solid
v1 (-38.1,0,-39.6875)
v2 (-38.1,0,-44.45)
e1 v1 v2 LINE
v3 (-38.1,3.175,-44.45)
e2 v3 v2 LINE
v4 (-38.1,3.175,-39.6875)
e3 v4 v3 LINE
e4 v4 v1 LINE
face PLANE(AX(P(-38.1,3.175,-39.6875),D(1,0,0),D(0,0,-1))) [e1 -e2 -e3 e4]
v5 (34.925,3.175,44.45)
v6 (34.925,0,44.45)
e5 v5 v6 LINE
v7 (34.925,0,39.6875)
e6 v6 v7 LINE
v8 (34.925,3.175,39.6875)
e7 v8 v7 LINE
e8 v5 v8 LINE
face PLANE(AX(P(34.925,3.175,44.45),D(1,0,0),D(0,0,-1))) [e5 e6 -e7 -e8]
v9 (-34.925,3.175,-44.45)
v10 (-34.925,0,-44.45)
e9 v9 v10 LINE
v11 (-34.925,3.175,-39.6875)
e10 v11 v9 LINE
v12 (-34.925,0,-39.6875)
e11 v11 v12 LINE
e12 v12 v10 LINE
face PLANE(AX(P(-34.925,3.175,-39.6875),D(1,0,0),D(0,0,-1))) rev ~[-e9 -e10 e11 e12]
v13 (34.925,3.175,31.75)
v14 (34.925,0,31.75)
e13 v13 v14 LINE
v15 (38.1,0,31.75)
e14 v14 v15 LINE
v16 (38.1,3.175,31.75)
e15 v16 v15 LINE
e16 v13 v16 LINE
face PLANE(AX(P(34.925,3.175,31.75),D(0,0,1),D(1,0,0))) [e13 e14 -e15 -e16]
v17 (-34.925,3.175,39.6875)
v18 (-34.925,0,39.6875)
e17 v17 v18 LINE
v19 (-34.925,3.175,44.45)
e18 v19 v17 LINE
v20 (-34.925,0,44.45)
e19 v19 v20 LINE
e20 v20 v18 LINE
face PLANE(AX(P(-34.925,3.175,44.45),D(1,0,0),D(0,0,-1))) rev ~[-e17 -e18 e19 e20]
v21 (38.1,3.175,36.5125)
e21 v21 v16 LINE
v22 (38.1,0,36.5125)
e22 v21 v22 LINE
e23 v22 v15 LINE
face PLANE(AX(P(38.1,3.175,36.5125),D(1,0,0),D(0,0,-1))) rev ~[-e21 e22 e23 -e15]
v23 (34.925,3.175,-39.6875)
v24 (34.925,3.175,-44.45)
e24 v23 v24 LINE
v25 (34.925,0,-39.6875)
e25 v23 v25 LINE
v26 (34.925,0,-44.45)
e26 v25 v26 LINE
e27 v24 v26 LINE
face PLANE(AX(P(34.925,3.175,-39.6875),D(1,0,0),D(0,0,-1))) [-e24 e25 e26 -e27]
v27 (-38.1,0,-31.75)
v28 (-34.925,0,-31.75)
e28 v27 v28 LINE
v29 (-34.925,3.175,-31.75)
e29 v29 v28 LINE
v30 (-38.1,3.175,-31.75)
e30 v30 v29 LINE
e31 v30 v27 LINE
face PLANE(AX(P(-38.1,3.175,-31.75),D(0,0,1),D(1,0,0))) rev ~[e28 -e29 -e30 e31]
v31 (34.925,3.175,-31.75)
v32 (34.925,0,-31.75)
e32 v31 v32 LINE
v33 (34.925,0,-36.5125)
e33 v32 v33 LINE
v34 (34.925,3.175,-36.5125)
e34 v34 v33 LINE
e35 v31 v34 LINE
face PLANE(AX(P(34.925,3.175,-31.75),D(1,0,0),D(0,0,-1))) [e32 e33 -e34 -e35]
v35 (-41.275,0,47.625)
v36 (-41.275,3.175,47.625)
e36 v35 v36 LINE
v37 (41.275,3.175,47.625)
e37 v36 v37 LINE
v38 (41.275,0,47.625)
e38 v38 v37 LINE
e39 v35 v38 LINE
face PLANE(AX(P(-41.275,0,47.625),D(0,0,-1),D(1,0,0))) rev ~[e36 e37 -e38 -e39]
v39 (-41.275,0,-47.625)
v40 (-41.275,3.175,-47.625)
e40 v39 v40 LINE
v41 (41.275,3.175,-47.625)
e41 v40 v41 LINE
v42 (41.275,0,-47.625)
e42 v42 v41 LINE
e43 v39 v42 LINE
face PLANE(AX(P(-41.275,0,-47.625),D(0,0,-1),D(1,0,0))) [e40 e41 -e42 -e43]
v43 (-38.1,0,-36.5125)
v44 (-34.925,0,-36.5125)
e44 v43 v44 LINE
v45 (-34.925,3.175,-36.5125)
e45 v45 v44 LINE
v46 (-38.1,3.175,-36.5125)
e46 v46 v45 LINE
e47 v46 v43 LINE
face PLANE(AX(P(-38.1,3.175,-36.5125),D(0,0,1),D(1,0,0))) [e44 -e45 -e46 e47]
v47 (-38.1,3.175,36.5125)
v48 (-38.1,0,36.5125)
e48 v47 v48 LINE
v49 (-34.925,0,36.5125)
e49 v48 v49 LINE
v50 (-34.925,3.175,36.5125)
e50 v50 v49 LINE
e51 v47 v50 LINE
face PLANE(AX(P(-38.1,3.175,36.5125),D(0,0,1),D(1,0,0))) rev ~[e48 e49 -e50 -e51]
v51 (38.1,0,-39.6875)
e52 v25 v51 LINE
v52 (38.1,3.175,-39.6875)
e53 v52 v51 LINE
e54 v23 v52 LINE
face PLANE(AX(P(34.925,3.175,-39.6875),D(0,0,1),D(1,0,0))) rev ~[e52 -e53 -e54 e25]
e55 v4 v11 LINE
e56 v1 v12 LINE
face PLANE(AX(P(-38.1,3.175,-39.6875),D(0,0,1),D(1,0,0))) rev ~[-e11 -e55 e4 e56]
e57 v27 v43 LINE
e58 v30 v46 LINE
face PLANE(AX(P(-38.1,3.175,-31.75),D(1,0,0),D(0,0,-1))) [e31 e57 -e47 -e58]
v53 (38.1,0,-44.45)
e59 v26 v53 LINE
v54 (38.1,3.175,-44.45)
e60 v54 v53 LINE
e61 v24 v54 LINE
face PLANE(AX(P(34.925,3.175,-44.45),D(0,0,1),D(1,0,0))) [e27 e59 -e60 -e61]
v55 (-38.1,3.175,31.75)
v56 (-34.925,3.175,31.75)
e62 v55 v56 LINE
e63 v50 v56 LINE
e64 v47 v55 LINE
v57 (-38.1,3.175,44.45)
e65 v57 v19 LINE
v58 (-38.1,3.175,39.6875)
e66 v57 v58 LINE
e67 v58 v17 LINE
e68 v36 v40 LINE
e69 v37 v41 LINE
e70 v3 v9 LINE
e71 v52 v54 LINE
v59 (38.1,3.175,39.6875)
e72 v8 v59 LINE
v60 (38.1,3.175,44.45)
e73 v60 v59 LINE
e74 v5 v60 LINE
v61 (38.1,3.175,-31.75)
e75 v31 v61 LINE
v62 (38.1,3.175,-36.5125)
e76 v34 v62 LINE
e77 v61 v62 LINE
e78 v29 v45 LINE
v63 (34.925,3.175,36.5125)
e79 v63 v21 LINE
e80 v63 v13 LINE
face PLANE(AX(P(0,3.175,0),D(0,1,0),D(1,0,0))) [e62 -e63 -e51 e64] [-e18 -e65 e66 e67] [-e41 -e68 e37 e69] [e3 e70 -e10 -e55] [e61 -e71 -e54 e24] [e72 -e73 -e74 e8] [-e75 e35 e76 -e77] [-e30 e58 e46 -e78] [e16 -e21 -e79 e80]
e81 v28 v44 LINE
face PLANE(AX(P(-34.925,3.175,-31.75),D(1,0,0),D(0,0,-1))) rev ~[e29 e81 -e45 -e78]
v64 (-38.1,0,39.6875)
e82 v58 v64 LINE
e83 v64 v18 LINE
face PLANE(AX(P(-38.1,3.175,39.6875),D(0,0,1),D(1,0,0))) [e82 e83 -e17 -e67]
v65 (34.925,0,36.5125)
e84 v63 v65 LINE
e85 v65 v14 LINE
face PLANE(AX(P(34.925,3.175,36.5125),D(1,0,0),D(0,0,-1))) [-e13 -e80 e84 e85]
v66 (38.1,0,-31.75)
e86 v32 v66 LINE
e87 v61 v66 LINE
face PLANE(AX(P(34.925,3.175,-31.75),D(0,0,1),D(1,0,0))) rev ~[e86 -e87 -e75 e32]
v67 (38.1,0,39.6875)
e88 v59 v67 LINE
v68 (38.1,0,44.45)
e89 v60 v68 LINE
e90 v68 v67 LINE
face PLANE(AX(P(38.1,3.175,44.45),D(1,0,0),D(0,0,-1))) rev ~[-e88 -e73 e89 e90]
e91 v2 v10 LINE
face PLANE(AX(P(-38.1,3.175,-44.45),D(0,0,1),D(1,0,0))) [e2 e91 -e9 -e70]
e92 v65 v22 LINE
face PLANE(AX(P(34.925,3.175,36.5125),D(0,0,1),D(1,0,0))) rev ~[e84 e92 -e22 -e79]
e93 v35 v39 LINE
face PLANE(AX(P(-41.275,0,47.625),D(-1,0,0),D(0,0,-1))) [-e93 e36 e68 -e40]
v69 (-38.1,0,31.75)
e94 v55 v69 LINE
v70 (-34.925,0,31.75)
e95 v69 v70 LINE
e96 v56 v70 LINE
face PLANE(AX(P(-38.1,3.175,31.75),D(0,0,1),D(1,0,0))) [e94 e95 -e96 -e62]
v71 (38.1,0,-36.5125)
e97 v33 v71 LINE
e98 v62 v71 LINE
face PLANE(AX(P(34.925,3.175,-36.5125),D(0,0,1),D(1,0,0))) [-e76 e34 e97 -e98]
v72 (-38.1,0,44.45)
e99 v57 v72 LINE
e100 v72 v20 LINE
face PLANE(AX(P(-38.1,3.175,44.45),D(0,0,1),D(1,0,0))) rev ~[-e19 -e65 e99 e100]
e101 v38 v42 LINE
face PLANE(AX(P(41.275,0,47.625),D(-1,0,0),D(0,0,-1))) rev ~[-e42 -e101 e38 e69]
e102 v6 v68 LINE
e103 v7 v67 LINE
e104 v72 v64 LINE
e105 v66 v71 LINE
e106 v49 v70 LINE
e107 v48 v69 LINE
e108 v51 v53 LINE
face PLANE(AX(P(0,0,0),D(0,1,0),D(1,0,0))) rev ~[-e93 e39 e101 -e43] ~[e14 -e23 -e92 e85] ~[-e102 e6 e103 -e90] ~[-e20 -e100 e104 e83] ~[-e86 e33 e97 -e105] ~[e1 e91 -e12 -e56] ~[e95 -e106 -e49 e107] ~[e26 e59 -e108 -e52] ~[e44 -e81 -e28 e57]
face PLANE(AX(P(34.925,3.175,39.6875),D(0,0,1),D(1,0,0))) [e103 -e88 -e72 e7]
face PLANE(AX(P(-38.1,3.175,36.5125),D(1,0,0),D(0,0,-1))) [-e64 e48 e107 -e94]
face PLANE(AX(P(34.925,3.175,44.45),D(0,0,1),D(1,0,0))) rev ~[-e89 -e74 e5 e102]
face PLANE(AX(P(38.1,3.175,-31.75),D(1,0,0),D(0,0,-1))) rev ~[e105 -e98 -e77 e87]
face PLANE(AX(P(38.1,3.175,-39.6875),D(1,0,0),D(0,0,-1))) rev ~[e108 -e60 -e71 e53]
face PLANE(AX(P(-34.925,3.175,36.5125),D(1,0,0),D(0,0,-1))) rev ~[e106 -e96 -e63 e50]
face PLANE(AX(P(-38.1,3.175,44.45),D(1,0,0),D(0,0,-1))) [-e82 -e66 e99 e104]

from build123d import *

# Parameters (mm, degrees)
SKETCH1_W            = 82.55
SKETCH1_H            = 95.25
BOSS_EXTRUDE1_DEPTH  = 3.175
SKETCH2_W            = 3.175
SKETCH2_H            = 4.7625
CUT_EXTRUDE1_DEPTH   = 64.101876953
LPATTERN1_COUNT      = 2
LPATTERN1_PITCH      = 76.2
LPATTERN1_COUNT_DIR2 = 2
LPATTERN1_PITCH_DIR2 = 73.025


with BuildPart() as part:
    # Sketch1 → Boss-Extrude1 (new body)
    with BuildSketch(Plane(origin=(0, 0, 0), x_dir=(1, 0, 0), z_dir=(0, 1, 0))):
        Rectangle(SKETCH1_W, SKETCH1_H)
    extrude(amount=BOSS_EXTRUDE1_DEPTH)

    # Sketch2 → Cut-Extrude1 (cut, through all)
    with BuildSketch(Plane(origin=(0, 3.175, 0), x_dir=(1, 0, 0), z_dir=(0, 1, 0))):
        with Locations((-36.5125, 42.06875)):
            Rectangle(SKETCH2_W, SKETCH2_H)
        with Locations((-36.5125, 34.13125)):
            Rectangle(SKETCH2_W, SKETCH2_H)
    cut_extrude1 = extrude(amount=-CUT_EXTRUDE1_DEPTH, mode=Mode.SUBTRACT)

    # LPattern1: Cut-Extrude1 2 × 2
    with Locations(*[(j * LPATTERN1_PITCH_DIR2, 0, i * LPATTERN1_PITCH) for i in range(LPATTERN1_COUNT) for j in range(LPATTERN1_COUNT_DIR2) if (i, j) != (0, 0)]):
        add(cut_extrude1, mode=Mode.SUBTRACT)


solid = part.part
